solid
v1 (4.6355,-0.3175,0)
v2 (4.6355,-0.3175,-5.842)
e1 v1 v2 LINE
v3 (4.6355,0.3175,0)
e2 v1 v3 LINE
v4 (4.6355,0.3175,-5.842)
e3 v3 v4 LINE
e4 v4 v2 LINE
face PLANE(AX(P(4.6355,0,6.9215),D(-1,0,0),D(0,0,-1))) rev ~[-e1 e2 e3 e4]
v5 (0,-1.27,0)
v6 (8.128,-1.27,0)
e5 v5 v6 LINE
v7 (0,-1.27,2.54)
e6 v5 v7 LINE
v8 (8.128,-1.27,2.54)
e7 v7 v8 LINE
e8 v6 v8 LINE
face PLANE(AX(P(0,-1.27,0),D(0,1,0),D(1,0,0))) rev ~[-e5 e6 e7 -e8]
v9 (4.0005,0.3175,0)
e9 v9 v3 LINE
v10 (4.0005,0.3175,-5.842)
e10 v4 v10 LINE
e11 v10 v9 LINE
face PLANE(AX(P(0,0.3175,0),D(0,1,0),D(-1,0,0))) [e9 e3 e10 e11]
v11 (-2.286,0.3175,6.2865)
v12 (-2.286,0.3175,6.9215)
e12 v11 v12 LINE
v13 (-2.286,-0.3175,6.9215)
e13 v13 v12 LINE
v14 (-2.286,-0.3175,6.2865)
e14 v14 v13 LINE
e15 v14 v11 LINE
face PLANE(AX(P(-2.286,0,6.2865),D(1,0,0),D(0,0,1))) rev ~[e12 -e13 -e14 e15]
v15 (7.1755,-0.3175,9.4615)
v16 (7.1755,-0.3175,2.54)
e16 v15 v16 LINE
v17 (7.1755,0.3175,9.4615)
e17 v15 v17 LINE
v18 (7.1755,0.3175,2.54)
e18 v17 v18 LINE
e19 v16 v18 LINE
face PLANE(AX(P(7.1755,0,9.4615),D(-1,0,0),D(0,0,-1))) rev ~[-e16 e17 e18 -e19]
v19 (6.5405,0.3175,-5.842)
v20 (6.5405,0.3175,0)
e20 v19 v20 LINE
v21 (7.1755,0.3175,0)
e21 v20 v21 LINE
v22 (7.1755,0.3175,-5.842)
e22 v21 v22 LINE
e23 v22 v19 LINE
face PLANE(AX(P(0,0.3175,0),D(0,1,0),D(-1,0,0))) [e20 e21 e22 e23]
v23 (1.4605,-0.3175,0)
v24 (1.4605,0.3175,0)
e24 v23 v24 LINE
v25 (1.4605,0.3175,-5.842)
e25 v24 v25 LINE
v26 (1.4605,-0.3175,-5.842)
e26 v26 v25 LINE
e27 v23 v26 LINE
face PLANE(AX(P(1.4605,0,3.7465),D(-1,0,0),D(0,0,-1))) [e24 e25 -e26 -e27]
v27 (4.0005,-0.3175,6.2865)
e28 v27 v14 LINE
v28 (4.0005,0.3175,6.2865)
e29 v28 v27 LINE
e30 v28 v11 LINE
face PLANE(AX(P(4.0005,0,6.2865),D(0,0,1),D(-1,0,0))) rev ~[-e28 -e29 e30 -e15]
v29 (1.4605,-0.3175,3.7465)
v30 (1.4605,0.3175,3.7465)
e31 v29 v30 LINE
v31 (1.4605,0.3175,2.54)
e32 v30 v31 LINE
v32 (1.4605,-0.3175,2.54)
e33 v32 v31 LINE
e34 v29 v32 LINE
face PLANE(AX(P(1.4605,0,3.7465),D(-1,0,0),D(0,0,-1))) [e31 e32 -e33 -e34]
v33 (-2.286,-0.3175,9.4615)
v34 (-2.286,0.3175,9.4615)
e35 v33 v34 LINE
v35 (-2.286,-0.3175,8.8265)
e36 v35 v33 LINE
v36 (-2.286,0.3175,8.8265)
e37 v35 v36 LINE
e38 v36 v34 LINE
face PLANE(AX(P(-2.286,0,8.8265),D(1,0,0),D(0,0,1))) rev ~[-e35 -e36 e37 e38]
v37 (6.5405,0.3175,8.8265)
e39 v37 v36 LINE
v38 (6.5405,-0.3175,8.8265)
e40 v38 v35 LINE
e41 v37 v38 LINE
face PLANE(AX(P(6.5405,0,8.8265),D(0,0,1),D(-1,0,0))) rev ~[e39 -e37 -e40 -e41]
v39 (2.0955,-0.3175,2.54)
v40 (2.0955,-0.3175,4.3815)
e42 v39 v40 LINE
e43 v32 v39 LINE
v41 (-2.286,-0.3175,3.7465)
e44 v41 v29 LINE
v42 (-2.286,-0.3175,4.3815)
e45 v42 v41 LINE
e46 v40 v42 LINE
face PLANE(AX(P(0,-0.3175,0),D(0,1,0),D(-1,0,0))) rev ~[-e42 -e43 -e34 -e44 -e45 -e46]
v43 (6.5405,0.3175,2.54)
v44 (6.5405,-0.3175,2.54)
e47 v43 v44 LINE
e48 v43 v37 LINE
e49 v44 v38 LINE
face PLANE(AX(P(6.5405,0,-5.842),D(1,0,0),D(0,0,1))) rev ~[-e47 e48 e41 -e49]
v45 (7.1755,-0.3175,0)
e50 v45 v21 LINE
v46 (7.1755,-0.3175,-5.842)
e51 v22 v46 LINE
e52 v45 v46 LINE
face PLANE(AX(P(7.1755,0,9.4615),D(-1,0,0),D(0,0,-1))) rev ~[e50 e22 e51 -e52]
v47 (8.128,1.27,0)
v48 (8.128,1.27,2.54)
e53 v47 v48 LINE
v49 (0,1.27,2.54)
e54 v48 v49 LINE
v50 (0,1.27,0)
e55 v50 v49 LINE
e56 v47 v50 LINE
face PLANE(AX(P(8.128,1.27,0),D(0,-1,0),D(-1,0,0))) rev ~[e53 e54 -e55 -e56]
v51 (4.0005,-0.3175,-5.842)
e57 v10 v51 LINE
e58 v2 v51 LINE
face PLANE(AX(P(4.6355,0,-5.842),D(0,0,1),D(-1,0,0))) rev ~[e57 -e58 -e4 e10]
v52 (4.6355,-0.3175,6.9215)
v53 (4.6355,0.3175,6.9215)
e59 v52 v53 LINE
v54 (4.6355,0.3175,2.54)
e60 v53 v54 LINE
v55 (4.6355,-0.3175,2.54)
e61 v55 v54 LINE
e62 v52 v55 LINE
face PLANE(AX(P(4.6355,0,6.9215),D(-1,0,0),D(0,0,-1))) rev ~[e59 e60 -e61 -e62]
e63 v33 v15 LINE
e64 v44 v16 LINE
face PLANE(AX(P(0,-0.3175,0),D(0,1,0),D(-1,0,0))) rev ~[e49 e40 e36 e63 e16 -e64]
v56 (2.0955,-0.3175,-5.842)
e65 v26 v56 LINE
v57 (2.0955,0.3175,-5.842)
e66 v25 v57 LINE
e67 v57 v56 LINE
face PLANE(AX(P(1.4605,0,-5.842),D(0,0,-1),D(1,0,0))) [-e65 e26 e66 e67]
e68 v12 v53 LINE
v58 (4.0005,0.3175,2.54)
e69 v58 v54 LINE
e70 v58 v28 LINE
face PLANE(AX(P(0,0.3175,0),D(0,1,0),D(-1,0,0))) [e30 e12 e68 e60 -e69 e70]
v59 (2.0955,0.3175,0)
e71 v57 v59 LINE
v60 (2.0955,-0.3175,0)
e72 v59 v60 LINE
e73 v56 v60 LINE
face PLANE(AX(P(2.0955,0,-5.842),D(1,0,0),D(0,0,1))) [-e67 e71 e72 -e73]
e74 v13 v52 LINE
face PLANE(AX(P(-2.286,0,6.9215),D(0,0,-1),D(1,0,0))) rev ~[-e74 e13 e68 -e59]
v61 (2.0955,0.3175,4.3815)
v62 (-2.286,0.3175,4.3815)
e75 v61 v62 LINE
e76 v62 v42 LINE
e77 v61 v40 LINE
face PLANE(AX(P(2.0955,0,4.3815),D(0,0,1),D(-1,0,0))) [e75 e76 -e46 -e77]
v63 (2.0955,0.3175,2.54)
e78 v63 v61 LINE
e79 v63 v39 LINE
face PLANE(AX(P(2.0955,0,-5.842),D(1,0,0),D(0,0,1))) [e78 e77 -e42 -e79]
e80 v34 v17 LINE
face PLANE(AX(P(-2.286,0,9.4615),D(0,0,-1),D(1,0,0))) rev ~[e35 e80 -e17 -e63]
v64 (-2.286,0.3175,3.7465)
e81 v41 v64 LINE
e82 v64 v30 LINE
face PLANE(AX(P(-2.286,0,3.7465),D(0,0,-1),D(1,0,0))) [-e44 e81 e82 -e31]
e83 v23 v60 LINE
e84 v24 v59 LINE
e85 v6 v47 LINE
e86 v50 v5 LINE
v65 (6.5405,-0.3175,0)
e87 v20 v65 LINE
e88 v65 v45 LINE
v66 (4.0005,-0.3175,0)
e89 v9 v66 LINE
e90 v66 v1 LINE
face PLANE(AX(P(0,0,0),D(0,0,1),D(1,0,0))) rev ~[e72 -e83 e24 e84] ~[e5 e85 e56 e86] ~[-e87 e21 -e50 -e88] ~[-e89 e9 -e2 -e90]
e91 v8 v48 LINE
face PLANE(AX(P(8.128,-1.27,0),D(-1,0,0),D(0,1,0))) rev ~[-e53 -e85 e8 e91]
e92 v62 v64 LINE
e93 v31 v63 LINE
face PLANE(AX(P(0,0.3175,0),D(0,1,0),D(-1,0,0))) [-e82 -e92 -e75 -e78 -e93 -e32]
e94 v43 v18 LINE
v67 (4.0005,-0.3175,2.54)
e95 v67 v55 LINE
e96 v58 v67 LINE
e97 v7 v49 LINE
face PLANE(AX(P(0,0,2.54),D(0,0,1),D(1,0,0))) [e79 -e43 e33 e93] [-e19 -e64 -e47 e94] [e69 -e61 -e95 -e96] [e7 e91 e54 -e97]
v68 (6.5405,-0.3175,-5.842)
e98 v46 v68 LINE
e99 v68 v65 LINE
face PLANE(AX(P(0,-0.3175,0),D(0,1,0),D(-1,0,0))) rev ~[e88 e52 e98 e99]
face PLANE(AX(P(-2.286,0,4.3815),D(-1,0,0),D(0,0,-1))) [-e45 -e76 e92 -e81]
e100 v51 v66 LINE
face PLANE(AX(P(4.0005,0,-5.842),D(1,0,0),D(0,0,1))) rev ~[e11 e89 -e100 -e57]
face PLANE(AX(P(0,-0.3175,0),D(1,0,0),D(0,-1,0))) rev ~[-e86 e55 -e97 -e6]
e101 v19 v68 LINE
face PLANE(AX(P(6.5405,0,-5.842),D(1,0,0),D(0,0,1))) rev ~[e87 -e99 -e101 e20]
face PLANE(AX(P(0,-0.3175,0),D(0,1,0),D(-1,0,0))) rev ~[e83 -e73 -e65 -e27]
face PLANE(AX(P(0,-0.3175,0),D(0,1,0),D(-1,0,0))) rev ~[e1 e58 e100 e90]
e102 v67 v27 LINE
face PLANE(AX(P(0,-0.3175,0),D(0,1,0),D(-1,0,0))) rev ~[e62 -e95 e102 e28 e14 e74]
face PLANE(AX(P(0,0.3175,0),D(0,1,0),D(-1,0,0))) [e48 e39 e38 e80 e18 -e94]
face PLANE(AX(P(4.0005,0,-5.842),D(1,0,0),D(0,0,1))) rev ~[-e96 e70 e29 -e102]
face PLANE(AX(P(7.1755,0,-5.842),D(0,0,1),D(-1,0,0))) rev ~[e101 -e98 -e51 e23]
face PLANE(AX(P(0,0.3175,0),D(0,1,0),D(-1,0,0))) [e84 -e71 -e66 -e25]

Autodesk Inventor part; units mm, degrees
ref_plane "YZ Plane" through (0, 0, 0) normal (1, 0, 0) x (0, 1, 0)
ref_plane "XZ Plane" through (0, 0, 0) normal (0, 1, 0) x (-1, 0, 0)
ref_plane "XY Plane" through (0, 0, 0) normal (0, 0, 1) x (1, 0, 0)
sketch "Sketch1" plane through (0, 0, 0) normal (0, 1, 0) x (-1, 0, 0)
  line L0 (-1.4605, -5.842) -> (-2.0955, -5.842)
  line L1 (-2.0955, -5.842) -> (-2.0955, 4.3815)
  line L2 (-2.0955, 4.3815) -> (2.286, 4.3815)
  line L3 (2.286, 4.3815) -> (2.286, 3.7465)
  line L4 (2.286, 3.7465) -> (-1.4605, 3.7465)
  line L5 (-1.4605, 3.7465) -> (-1.4605, -5.842)
  line L6 (2.286, 6.2865) -> (2.286, 6.9215)
  line L7 (2.286, 6.9215) -> (-4.6355, 6.9215)
  line L8 (-4.6355, 6.9215) -> (-4.6355, -5.842)
  line L9 (-4.6355, -5.842) -> (-4.0005, -5.842)
  line L10 (-4.0005, -5.842) -> (-4.0005, 6.2865)
  line L11 (-4.0005, 6.2865) -> (2.286, 6.2865)
  line L12 (2.286, 8.8265) -> (2.286, 9.4615)
  line L13 (2.286, 9.4615) -> (-7.1755, 9.4615)
  line L14 (-7.1755, 9.4615) -> (-7.1755, -5.842)
  line L15 (-7.1755, -5.842) -> (-6.5405, -5.842)
  line L16 (-6.5405, -5.842) -> (-6.5405, 8.8265)
  line L17 (-6.5405, 8.8265) -> (2.286, 8.8265)
  line L18 (2.286, 4.064) -> (9.1077, 4.064) construction
  line L19 (2.286, 6.604) -> (8.649, 6.604) construction
  line L20 (2.286, 9.144) -> (8.4197, 9.144) construction
  line L21 (-1.778, -5.842) -> (-1.778, -10.327) construction
  line L22 (-4.318, -5.842) -> (-4.318, -10.188) construction
  line L23 (-6.858, -5.842) -> (-6.858, -10.8865) construction
  line L24 (12.5548, 0) -> (-11.5751, 0) construction
  line L25 (0, -14.9561) -> (0, 13.5311) construction
  line L26 (0, 0) -> (-8.128, 0) construction
  line L27 (-8.128, 0) -> (-8.128, 2.54) construction
  line L28 (-8.128, 2.54) -> (0, 2.54) construction
  line L29 (0, 2.54) -> (0, 0) construction
  line L30 (-2.54, 0) -> (-2.54, 2.54) construction
  dimension "d24" = 2.54
  dimension "d25" = 2.54
  dimension "d26" = 2.54
  dimension "d27" = 2.54
  dimension "d29" = 0.635
  dimension "d30" = 5.842
  dimension "d32" = 2.54
  dimension "d33" = 8.128
  dimension "d34" = 2.286
  dimension "d35" = 1.778
  dimension "d36" = 1.524
  dimension "d44" = 2.54
  dimension "d45" = 4.826
extrude "Extrusion1" add sketch "Sketch1" along normal mid plane 0.635
sketch "Sketch3" plane through (0, 0, 0) normal (0, 0, 1) x (1, 0, 0)
  line L0 (0, -1.27) -> (8.128, -1.27)
  line L1 (8.128, -1.27) -> (8.128, 1.27)
  line L2 (8.128, 1.27) -> (0, 1.27)
  line L3 (0, 1.27) -> (0, -1.27)
  line L4 (1.4605, 0.3175) -> (1.4605, -0.3175) projected
  line L5 (1.4605, -0.3175) -> (1.4605, 0.3175) projected
  line L6 (2.0955, 0.3175) -> (1.4605, 0.3175) projected
  line L7 (1.4605, 0.3175) -> (-2.286, 0.3175) projected
  line L8 (-2.286, 0.3175) -> (2.0955, 0.3175) projected
  line L9 (1.4605, -0.3175) -> (2.0955, -0.3175) projected
  line L10 (2.0955, -0.3175) -> (-2.286, -0.3175) projected
  line L11 (-2.286, -0.3175) -> (1.4605, -0.3175) projected
  line L12 (1.4605, 0) -> (0, 0) construction
  line L13 (7.1755, -0.3175) -> (7.1755, 0.3175) construction
  line L14 (7.1755, -0.3175) -> (7.1755, 0.3175) construction
  point P0 (0, 0)
  dimension "d37" = 2.54
  dimension "d38" = 8.128
  dimension "d39" = 1.4605
  dimension "d40" = 0.9525
extrude "Extrusion3" add sketch "Sketch3" along normal blind 2.54
properties part number "HeaderRight3"
